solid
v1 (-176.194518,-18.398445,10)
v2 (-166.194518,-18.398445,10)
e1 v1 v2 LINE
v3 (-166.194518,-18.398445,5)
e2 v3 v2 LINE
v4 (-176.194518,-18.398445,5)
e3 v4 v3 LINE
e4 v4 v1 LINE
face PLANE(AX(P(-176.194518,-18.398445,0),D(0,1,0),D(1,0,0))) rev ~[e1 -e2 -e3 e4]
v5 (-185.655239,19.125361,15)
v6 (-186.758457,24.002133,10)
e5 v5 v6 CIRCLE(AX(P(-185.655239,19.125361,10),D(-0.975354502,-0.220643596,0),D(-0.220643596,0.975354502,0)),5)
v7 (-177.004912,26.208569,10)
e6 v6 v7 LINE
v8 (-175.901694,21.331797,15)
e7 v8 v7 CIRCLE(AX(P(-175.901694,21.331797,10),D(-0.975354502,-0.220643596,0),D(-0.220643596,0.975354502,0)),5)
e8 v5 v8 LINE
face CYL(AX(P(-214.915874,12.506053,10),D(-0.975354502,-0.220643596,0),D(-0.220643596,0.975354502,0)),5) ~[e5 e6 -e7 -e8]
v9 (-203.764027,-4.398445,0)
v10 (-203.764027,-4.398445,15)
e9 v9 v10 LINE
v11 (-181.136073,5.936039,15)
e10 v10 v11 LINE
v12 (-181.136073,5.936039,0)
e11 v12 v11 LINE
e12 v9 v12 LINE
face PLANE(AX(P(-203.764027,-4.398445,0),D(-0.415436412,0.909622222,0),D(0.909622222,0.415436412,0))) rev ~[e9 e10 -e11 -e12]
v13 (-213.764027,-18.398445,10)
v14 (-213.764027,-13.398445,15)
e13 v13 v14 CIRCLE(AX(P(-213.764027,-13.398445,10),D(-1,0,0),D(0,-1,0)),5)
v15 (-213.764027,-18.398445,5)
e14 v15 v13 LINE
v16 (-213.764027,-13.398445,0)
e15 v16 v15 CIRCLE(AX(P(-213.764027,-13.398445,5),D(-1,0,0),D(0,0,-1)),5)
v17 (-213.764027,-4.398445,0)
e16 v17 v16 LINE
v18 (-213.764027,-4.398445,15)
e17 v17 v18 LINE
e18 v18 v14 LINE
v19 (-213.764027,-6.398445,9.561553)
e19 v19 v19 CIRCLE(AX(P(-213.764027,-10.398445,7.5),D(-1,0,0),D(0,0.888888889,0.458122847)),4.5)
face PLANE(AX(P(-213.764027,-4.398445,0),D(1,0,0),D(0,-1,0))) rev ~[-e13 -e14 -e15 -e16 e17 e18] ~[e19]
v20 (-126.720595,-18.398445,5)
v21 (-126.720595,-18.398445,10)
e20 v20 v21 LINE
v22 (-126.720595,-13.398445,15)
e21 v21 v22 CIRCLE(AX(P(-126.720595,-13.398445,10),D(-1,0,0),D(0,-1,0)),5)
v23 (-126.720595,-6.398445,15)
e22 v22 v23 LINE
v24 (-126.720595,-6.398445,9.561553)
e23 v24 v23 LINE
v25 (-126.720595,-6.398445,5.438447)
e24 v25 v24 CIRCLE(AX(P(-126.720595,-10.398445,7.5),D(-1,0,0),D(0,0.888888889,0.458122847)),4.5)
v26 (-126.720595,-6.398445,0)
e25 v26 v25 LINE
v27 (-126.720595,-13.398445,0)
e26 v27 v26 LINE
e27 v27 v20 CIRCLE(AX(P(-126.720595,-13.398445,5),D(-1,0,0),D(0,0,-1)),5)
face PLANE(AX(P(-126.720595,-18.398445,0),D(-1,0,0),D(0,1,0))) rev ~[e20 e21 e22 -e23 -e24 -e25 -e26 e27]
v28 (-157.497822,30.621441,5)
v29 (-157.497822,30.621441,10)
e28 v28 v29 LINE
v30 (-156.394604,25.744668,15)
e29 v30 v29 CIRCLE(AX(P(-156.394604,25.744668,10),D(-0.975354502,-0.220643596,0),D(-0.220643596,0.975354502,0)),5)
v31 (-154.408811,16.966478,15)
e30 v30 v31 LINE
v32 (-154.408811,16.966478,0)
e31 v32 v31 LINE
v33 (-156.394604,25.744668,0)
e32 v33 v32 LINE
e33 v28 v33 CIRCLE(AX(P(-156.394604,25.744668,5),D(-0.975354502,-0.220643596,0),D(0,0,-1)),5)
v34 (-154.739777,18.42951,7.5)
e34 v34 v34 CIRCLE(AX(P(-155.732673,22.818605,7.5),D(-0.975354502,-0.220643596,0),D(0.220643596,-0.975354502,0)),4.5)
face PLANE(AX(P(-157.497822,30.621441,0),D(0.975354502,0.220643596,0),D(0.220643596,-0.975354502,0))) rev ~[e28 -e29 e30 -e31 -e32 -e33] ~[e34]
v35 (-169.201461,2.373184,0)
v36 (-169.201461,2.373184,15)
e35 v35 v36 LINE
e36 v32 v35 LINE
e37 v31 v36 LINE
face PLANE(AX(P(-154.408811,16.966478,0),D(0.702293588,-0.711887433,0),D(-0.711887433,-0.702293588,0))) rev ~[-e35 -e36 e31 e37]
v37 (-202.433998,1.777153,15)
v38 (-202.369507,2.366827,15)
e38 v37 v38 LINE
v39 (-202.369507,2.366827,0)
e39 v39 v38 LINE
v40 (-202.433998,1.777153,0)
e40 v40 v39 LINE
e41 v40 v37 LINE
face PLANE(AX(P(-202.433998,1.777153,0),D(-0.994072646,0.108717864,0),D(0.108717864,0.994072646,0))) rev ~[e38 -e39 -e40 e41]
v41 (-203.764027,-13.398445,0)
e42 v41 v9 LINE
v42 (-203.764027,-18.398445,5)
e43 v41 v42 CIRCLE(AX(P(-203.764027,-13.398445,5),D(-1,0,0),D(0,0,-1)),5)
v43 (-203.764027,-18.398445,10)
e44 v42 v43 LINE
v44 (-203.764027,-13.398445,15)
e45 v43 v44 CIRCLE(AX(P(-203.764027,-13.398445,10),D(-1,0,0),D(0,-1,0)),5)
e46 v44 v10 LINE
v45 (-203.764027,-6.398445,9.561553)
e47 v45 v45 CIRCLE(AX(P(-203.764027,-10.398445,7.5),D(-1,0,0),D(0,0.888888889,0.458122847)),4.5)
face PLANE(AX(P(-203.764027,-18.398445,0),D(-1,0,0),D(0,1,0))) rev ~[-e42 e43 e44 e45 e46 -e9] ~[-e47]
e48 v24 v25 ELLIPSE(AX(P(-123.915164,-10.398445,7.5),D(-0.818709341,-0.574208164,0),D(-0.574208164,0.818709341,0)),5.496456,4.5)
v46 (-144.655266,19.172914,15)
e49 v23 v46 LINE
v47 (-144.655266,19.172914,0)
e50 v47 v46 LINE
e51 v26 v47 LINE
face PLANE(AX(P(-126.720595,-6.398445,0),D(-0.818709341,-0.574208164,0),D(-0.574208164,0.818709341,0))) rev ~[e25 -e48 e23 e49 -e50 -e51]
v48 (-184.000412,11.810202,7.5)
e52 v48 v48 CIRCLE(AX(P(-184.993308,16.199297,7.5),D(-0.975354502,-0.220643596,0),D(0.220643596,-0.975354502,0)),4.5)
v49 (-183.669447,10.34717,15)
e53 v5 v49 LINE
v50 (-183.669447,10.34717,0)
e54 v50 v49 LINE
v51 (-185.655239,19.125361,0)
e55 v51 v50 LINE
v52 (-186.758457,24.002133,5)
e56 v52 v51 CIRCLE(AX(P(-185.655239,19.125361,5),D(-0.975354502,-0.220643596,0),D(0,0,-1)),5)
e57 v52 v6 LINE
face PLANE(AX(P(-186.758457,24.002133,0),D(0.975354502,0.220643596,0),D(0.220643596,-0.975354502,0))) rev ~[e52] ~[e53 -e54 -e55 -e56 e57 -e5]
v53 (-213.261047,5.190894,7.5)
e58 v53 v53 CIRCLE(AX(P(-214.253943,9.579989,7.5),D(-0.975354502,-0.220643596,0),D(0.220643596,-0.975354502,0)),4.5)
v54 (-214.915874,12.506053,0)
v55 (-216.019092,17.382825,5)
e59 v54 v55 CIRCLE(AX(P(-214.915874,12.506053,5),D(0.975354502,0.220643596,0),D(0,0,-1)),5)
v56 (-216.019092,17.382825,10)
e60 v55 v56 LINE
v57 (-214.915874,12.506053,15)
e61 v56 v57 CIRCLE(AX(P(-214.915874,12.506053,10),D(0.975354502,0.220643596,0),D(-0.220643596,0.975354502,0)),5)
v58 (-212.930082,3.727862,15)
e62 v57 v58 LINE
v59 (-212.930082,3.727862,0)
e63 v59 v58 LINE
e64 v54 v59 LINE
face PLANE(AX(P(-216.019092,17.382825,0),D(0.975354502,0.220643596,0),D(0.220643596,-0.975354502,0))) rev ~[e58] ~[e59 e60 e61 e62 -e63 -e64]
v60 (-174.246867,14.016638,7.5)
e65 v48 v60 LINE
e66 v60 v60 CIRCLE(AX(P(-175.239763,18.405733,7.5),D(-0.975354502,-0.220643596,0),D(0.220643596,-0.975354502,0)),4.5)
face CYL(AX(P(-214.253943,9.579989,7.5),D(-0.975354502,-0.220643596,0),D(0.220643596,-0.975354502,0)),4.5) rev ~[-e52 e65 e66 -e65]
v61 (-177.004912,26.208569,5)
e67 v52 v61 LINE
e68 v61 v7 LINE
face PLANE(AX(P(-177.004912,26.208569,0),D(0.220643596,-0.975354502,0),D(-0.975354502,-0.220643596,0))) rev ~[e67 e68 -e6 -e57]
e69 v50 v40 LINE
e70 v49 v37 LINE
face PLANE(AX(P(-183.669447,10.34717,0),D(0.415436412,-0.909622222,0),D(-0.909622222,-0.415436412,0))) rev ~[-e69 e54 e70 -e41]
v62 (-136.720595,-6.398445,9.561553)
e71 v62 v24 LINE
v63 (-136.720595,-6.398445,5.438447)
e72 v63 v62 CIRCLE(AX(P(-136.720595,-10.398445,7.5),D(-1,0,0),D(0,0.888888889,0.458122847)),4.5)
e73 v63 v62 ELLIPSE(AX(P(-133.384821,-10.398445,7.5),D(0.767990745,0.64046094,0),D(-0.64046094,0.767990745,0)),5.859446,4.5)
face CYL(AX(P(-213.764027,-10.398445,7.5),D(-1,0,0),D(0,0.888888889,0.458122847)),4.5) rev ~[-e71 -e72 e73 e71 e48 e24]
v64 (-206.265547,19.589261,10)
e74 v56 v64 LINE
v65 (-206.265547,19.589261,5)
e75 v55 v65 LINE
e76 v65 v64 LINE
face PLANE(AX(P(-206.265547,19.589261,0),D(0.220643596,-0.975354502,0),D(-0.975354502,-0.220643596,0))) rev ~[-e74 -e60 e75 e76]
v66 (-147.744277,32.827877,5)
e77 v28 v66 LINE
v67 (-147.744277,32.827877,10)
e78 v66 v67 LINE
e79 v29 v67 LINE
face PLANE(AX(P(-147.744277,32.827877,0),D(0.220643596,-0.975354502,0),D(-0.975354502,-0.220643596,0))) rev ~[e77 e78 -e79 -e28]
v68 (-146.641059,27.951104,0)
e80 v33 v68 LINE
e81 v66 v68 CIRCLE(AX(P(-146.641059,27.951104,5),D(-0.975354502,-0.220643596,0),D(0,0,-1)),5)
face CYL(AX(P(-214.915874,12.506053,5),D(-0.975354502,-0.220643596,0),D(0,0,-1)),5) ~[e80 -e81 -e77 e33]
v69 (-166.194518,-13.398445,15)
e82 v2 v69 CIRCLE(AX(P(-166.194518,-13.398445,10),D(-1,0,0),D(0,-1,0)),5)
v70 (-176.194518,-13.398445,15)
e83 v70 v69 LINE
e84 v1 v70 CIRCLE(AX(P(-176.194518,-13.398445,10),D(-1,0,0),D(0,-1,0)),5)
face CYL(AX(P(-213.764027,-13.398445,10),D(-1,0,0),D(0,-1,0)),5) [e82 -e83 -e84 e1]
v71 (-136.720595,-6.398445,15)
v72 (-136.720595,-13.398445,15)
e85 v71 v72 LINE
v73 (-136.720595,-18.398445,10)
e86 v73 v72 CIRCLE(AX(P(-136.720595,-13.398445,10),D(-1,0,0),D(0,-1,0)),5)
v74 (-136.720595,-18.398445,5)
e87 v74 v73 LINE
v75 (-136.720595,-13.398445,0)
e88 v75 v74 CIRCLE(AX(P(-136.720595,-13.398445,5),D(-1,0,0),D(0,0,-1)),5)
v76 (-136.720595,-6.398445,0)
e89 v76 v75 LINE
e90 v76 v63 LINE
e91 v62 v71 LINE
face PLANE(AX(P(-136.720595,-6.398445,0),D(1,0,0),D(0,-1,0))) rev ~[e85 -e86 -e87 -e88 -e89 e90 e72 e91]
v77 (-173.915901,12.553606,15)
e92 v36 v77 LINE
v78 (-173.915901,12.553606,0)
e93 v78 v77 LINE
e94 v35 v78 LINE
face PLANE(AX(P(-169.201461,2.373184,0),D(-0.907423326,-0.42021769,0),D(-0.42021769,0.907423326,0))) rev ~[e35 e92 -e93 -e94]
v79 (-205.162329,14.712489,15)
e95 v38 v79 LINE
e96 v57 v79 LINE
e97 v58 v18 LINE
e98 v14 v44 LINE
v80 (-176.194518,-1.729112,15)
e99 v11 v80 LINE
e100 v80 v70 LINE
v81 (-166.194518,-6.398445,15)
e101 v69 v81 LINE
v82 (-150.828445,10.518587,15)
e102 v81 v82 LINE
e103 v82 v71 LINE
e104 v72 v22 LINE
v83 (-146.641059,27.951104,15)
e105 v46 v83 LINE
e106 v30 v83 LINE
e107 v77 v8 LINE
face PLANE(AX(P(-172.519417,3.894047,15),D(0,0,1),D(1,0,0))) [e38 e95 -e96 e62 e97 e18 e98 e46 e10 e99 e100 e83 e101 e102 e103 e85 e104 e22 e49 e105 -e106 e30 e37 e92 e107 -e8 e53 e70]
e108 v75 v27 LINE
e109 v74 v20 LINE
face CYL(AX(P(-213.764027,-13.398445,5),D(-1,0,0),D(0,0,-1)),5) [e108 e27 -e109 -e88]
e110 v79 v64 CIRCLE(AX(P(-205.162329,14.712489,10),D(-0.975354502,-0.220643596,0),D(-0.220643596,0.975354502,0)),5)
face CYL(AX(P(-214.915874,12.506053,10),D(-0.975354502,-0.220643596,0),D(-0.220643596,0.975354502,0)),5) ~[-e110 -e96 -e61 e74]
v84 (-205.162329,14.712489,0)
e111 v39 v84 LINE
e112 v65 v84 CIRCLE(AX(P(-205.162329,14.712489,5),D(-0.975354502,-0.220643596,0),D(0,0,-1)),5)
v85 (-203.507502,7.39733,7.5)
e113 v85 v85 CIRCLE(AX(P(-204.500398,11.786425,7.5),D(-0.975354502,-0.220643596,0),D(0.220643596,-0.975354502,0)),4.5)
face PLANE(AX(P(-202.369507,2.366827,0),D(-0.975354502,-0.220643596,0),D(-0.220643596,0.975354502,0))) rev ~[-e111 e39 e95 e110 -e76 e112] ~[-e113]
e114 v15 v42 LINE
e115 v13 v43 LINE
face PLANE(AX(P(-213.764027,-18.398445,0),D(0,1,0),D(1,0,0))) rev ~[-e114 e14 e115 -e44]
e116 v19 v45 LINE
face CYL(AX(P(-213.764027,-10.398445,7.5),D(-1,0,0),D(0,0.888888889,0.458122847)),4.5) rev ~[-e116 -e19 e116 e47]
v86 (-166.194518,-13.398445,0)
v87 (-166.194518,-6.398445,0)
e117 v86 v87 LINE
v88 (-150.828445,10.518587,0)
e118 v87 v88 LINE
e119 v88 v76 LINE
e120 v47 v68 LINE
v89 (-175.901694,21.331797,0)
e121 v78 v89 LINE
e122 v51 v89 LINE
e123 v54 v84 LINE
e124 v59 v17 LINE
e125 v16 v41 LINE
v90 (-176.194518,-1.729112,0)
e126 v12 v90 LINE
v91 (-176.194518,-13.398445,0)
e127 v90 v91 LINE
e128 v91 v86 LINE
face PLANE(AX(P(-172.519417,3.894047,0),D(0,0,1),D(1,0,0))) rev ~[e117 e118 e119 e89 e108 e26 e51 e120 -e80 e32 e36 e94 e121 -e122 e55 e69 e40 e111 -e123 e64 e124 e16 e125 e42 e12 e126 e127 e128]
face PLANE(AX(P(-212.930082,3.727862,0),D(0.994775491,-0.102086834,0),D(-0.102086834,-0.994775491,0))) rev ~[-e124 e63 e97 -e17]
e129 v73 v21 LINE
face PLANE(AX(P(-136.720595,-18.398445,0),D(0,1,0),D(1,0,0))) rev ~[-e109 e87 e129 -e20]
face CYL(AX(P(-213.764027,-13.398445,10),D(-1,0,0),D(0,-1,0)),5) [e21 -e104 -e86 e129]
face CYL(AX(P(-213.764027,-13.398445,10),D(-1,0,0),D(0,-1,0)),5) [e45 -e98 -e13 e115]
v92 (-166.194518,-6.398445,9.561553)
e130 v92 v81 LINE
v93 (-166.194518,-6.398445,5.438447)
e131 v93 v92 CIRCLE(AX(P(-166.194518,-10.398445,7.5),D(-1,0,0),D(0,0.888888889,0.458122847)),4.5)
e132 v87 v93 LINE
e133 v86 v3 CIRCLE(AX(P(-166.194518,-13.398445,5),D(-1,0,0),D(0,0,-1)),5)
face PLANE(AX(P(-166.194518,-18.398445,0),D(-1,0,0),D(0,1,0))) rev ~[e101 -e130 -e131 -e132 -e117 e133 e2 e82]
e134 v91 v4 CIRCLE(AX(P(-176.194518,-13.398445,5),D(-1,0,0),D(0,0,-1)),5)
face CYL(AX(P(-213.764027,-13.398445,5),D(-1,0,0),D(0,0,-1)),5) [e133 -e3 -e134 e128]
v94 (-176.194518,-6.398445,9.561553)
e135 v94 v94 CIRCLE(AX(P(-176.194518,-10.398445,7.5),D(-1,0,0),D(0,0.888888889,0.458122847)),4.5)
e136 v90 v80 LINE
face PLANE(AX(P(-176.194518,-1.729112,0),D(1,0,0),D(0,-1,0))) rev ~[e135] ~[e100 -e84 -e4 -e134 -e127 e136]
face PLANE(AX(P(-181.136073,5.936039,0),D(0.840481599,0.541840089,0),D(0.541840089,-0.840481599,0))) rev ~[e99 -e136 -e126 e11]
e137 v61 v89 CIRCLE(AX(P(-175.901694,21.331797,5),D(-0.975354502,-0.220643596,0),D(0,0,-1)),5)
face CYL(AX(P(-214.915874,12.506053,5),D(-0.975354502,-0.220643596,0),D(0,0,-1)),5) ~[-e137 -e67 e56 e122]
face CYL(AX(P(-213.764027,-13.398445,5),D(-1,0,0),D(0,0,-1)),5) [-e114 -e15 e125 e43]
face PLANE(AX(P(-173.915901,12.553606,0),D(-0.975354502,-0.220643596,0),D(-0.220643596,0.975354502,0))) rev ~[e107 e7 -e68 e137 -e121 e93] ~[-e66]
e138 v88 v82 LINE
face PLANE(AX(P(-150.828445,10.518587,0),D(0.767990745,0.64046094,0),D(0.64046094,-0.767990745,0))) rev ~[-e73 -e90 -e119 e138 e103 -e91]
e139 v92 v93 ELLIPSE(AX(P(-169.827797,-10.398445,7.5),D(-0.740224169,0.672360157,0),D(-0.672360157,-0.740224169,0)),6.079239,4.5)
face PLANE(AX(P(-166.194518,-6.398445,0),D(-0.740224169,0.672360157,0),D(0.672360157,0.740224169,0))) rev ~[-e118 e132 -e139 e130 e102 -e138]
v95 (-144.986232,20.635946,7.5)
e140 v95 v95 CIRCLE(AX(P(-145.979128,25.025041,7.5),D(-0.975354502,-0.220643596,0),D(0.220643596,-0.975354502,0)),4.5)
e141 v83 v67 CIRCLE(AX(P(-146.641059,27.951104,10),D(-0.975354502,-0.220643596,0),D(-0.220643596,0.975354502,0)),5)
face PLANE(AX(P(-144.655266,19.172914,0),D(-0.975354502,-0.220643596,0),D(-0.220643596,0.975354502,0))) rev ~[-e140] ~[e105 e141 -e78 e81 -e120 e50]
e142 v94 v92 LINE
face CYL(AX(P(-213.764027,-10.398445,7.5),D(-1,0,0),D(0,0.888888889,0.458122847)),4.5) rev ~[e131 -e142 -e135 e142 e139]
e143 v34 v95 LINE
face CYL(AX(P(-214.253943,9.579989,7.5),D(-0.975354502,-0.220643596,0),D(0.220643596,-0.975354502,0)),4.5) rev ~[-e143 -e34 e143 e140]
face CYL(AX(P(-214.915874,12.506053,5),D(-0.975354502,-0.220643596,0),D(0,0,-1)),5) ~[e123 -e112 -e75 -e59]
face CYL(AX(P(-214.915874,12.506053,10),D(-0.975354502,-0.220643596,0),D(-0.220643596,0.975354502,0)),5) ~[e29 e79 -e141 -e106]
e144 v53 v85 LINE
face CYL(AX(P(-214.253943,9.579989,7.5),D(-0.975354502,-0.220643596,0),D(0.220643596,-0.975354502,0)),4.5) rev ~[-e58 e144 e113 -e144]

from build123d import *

# Parameters (mm, degrees)
BOSS_EXTRUDE1_DEPTH = 15
SKETCH3_R           = 4.5
CUT_EXTRUDE1_DEPTH  = 110.607127014
SKETCH4_R           = 4.5
CUT_EXTRUDE2_DEPTH  = 95.229658783


with BuildPart() as part:
    # Sketch2 → Boss-Extrude1 (new body)
    with BuildSketch(Plane.XY):
        Polygon((-216.019091895, 17.382825188), (-212.930081555, 3.727862166), (-213.764027452, -4.398444723), (-213.764027452, -18.398444723), (-203.764027452, -18.398444723), (-203.764027452, -4.398444723), (-181.136073294, 5.936039038), (-176.194518086, -1.729112182), (-176.194518086, -18.398444723), (-166.194518086, -18.398444723), (-166.194518086, -6.398444723), (-150.828445352, 10.518587471), (-136.720595227, -6.398444723), (-136.720595227, -18.398444723), (-126.720595227, -18.398444723), (-126.720595227, -6.398444723), (-144.655266447, 19.172913865), (-147.744276787, 32.827876887), (-157.497821802, 30.62144093), (-154.408811463, 16.966477908), (-169.201460721, 2.373183741), (-173.915901493, 12.553605994), (-177.004911833, 26.208569016), (-186.758456849, 24.002133059), (-183.669446509, 10.347170037), (-202.433997642, 1.777153163), (-202.369507285, 2.366827181), (-206.265546879, 19.589261145), align=None)
    extrude(amount=BOSS_EXTRUDE1_DEPTH)

    # Sketch3 → Cut-Extrude1 (cut, through all)
    with BuildSketch(Plane(origin=(-201.761622141, -45.642286691, 0), x_dir=(0, 0, 1), z_dir=(-0.9753545015403321, -0.22064359570359257, 0))):
        with Locations(Location((7.5, 56.617645973, 0), (0, 0, 270))):
            Circle(SKETCH3_R)
        with BuildLine():
            Line((15, 59.617645973), (20.879218682, 59.617645973))
            Line((20.879218682, 59.617645973), (20.879218682, 67.791125086))
            Line((20.879218682, 67.791125086), (14.372574649, 67.791125086))
            Line((14.372574649, 67.791125086), (-2.562016451, 67.791125086))
            Line((-2.562016451, 67.791125086), (-2.562016451, 59.617645973))
            Line((-2.562016451, 59.617645973), (0, 59.617645973))
            ThreePointArc((0, 59.617645973), (1.464466094, 63.153179879), (5, 64.617645973))
            Line((5, 64.617645973), (8.859819986, 64.617645973))
            Line((8.859819986, 64.617645973), (10, 64.617645973))
            ThreePointArc((10, 64.617645973), (13.535533906, 63.153179879), (15, 59.617645973))
        make_face()
    extrude(amount=-CUT_EXTRUDE1_DEPTH, mode=Mode.SUBTRACT)

    # Sketch4 → Cut-Extrude2 (cut, through all)
    with BuildSketch(Plane.ZY.offset(213.764027452)):
        with Locations(Location((7.5, -10.398444723, 0), (0, 0, 62.733955549))):
            Circle(SKETCH4_R)
        with BuildLine():
            Line((5, -18.398444723), (10, -18.398444723))
            ThreePointArc((10, -18.398444723), (13.535533906, -16.933978629), (15, -13.398444723))
            Line((15, -13.398444723), (20.19317818, -13.398444723))
            Line((20.19317818, -13.398444723), (20.19317818, -22.025318281))
            Line((20.19317818, -22.025318281), (-2.656583896, -22.025318281))
            Line((-2.656583896, -22.025318281), (-2.656583896, -13.398444723))
            Line((-2.656583896, -13.398444723), (0, -13.398444723))
            ThreePointArc((0, -13.398444723), (1.464466094, -16.933978629), (5, -18.398444723))
        make_face()
    extrude(amount=-CUT_EXTRUDE2_DEPTH, mode=Mode.SUBTRACT)


solid = part.part
